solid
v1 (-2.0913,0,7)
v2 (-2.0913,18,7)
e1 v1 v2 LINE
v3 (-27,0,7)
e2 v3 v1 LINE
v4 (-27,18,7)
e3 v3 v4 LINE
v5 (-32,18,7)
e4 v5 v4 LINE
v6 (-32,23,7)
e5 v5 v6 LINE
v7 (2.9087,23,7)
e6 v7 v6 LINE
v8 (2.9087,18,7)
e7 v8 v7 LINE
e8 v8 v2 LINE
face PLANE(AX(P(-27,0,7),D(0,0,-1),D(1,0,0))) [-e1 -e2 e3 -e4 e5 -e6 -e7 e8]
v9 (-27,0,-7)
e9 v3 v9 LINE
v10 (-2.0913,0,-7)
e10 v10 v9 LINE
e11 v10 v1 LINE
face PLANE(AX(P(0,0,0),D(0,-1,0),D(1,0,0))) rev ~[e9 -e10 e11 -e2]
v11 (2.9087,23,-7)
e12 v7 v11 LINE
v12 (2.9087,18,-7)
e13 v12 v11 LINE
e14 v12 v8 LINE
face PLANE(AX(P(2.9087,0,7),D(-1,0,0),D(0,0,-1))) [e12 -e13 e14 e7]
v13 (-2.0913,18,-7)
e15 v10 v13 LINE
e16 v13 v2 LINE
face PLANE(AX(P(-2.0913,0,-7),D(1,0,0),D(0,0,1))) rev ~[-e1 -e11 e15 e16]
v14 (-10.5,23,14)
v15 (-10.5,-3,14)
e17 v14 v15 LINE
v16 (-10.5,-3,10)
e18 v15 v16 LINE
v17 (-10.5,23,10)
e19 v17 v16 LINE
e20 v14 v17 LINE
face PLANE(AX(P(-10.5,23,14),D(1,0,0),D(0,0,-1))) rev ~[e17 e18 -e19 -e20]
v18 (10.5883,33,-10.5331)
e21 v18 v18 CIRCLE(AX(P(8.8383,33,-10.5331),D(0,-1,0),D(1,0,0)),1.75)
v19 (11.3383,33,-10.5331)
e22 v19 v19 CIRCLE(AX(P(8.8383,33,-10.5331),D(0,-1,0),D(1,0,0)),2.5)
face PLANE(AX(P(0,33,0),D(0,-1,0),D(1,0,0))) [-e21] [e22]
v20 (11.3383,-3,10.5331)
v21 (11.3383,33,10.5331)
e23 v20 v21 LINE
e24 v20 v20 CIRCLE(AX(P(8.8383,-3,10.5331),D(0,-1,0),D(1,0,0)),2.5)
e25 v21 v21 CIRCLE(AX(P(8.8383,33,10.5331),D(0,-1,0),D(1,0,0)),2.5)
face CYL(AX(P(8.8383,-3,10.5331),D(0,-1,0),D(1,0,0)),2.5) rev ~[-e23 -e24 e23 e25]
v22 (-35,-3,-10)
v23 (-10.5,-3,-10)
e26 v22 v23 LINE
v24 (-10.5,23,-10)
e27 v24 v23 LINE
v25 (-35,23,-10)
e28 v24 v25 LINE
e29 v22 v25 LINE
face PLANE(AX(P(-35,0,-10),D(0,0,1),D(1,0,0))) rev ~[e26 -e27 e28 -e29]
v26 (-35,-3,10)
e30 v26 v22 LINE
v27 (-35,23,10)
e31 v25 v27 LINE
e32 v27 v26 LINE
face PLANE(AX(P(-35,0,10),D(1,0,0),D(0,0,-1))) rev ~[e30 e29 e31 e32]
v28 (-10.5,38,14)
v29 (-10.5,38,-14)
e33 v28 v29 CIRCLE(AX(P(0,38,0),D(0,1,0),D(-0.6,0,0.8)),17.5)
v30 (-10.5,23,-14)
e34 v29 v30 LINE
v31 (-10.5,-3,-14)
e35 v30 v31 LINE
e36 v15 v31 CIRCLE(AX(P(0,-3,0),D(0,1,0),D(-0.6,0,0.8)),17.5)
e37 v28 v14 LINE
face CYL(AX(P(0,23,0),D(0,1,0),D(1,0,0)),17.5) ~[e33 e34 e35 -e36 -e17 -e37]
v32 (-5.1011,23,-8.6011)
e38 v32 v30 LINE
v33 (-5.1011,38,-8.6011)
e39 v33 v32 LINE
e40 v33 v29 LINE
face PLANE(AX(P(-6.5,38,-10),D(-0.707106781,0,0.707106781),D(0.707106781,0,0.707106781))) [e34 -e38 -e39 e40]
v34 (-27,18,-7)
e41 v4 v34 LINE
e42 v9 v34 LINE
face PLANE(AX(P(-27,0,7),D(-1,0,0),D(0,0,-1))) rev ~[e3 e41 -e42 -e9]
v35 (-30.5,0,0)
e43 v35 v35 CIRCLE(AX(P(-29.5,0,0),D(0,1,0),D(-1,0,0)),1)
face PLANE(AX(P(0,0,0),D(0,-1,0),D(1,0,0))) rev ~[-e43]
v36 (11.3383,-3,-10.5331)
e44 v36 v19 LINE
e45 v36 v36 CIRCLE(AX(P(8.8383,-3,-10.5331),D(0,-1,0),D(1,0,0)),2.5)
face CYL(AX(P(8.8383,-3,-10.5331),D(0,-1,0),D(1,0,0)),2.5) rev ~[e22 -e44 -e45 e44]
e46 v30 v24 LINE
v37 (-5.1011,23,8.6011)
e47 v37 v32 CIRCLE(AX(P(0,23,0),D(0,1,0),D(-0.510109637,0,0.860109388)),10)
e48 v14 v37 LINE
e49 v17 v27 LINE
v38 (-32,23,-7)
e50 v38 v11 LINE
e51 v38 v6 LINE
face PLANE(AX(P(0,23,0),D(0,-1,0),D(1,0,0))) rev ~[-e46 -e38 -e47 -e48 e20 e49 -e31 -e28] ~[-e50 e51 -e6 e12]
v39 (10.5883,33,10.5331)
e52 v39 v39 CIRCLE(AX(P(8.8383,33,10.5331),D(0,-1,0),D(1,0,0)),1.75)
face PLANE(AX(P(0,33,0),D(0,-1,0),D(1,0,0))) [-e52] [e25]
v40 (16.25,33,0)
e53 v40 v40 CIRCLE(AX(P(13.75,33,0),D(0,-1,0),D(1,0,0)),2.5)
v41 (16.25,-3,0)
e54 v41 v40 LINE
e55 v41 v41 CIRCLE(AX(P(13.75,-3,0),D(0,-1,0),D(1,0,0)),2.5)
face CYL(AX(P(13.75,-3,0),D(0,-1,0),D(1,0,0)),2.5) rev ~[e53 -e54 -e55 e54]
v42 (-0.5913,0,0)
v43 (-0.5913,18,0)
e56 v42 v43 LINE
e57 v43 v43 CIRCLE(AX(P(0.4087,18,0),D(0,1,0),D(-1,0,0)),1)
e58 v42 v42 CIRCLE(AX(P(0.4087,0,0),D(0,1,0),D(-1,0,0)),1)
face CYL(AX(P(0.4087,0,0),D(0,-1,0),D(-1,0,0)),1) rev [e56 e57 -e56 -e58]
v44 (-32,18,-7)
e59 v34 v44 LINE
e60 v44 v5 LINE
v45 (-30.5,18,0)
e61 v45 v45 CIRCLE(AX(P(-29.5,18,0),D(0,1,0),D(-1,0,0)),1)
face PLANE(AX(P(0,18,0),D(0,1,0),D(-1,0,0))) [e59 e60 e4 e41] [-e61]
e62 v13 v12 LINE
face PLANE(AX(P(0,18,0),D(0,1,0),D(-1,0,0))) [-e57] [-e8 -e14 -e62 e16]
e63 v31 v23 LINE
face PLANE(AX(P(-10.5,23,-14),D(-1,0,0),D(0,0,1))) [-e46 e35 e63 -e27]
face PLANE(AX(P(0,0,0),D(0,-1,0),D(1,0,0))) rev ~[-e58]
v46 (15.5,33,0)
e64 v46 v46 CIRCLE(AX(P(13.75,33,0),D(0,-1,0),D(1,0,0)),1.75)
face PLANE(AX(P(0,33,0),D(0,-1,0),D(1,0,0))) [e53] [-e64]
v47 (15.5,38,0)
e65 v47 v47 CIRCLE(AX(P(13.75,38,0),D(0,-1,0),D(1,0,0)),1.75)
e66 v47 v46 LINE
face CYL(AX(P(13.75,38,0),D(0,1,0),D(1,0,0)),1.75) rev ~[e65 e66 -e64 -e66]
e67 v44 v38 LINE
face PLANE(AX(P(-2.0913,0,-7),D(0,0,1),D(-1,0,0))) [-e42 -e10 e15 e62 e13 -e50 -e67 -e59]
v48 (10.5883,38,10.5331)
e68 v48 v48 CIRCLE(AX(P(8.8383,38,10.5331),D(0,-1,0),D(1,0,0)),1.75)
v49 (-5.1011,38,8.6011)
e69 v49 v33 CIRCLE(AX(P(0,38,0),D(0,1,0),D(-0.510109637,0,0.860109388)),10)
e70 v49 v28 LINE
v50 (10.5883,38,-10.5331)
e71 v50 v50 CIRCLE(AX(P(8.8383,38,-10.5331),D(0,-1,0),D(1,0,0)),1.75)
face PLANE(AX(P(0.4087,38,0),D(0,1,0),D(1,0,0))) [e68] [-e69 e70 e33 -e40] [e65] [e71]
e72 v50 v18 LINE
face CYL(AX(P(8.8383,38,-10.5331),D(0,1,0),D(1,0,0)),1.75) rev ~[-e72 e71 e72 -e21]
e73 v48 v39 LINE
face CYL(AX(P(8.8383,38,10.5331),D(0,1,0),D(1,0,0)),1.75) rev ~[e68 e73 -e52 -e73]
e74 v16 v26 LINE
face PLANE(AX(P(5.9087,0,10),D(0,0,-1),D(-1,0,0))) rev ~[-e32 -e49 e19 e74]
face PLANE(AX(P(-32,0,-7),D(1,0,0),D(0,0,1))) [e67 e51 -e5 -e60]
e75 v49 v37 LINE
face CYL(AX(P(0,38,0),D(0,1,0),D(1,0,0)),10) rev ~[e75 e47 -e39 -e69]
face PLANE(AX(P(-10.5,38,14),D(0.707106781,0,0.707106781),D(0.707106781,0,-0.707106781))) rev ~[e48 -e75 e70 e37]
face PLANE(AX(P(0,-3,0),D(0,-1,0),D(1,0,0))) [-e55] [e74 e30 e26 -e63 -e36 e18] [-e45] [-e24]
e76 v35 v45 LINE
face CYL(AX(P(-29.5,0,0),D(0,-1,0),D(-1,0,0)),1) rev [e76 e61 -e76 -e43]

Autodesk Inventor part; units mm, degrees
ref_plane "YZ Plane" through (0, 0, 0) normal (1, 0, 0) x (0, 1, 0)
ref_plane "XZ Plane" through (0, 0, 0) normal (0, 1, 0) x (-1, 0, 0)
ref_plane "XY Plane" through (0, 0, 0) normal (0, 0, 1) x (1, 0, 0)
sketch "Boceto1" plane through (0, 0, 0) normal (0, 1, 0) x (-1, 0, 0)
  line L0 (8.5, 0) -> (21, 0) construction
  line L1 (21, -7) -> (2.0913, -7)
  line L2 (21, -7) -> (27, -7)
  line L3 (21, 7) -> (27, 7)
  line L4 (27, 7) -> (27, -7)
  line L5 (27, -7) -> (32, -7)
  line L6 (32, -7) -> (32, 7)
  line L7 (32, 7) -> (27, 7)
  circle A0 centre (29.5, 0) radius 1
  line L8 (2.0913, -7) -> (2.0913, 7)
  line L9 (2.0913, -7) -> (16.0913, -7) construction
  line L10 (2.0913, 7) -> (21.0913, 7)
  line L11 (2.0913, -7) -> (-2.9087, -7)
  line L12 (2.0913, -7) -> (7.0913, -7) construction
  line L13 (-2.9087, -7) -> (-2.9087, 7)
  line L14 (-2.9087, 7) -> (2.0913, 7)
  circle A1 centre (-0.4087, 0) radius 1
  line L15 (2.0913, -7) -> (2.0913, 7)
  point P0 (0, 0)
  point P1 (0, 0)
  point P2 (0, 0)
  point P3 (0, 0)
  dimension "d3" = 6
  dimension "d5" = 5
  dimension "d6" = 14
  dimension "d7" = 2
  dimension "d8" = 14
  dimension "d9" = 90
  dimension "d10" = 19
  dimension "d11" = 5
  dimension "d12" = 180
  dimension "d13" = 14
  dimension "d14" = 2
extrude "Extrusión1" add sketch "Boceto1" along normal blind 18 contours L11 L13 L14 L8 | L4 L7 L6 L5
sketch "Boceto2" plane through (0, 0, 0) normal (0, -1, 0) x (1, 0, 0)
  line L0 (2.9087, 10) -> (-32, 10)
  line L1 (-32, 10) -> (-35, 10)
  line L2 (-35, 10) -> (-35, -7)
  line L3 (-35, -7) -> (-35, -10)
  line L4 (-35, -10) -> (2.9087, -10)
  line L5 (2.9087, -10) -> (5.9087, -10)
  line L6 (5.9087, -10) -> (5.9087, 10)
  line L7 (5.9087, 10) -> (2.9087, 10)
  line L8 (-2.0913, -7) -> (-27, -7)
  line L9 (-27, 7) -> (-2.0913, 7)
  line L10 (-2.0913, 7) -> (2.9087, 7)
  line L11 (2.9087, 7) -> (2.9087, -7) projected
  line L12 (2.9087, 7) -> (2.9087, -7)
  line L13 (2.9087, -7) -> (-2.0913, -7) projected
  line L14 (2.9087, -7) -> (-2.0913, -7)
  line L15 (-32, 7) -> (-27, 7) projected
  line L16 (-27, 7) -> (-32, 7)
  line L17 (-32, -7) -> (-32, 7) projected
  line L18 (-32, 7) -> (-32, -7)
  line L19 (-27, -7) -> (-32, -7) projected
  line L20 (-32, -7) -> (-27, -7)
  point P0 (0, 0)
  dimension "d21" = 3
  dimension "d22" = 3
  dimension "d23" = 3
extrude "Extrusión2" add sketch "Boceto2" against normal blind 23
sketch "Boceto3" plane through (0, 0, 0) normal (0, -1, 0) x (1, 0, 0)
  line L0 (5.9087, 10) -> (-35, 10) projected
  line L1 (5.9087, 10) -> (-35, 10)
  line L2 (-35, 10) -> (-35, -10) projected
  line L3 (-35, 10) -> (-35, -10)
  line L4 (-35, -10) -> (5.9087, -10)
  line L5 (5.9087, -10) -> (5.9087, 10) projected
  line L6 (5.9087, -10) -> (5.9087, 10)
  point P0 (0, 0)
extrude "Extrusión3" add sketch "Boceto3" along normal blind 3
sketch "Boceto4" plane through (0, 23, 0) normal (0, 1, 0) x (1, 0, 0)
  circle A0 centre (0.4087, 0) radius 1 projected
  point P0 (0, 0)
extrude "Extrusión4" add sketch "Boceto4" along normal blind 15
sketch "Boceto5" plane through (0.4087, 38, 0) normal (0, 1, 0) x (1, 0, 0)
  circle A0 centre (-0.4087, 0) radius 10
  circle A1 centre (-0.4087, 0) radius 17.5
  line L0 (-35.4087, 10) -> (5.5, 10) projected
  line L1 (-35.4087, 10) -> (-35.4087, -10) projected
  line L2 (-35.4087, 10) -> (-35.4087, 14)
  line L3 (-35.4087, 14) -> (-10.9087, 14)
  line L4 (-10.9087, 14) -> (-5.5098, 8.6011)
  line L5 (-10.9087, 14) -> (-3.2735, 14) construction
  line L6 (5.5, -10) -> (-35.4087, -10) projected
  line L7 (-35.4087, -10) -> (-35.4087, -14)
  line L8 (-35.4087, -14) -> (-10.9087, -14)
  line L9 (-10.9087, -14) -> (-5.5098, -8.6011)
  line L10 (-10.9087, -14) -> (-3.2735, -14) construction
  dimension "d32" = 20
  dimension "d33" = 35
  dimension "d35" = 4
  dimension "d36" = 45
  dimension "d37" = 4
  dimension "d38" = 45
extrude "Extrusión5" add sketch "Boceto5" against normal blind 15 contours L4 L0 A0 | A0 L6 L9 | L0 L4 A1 L9 L6 A0 picked at (-3.4554, 12.4332)
sketch "Boceto6" plane through (0.4087, 38, 0) normal (0, 1, 0) x (1, 0, 0)
  circle A0 centre (0, 0) radius 1 projected
  circle A1 centre (0, 0) radius 1
  point P0 (-0.4087, 0)
extrude "Extrusión6" cut sketch "Boceto6" against normal blind 15
sketch "Boceto7" plane through (0.4087, 23, 0) normal (0, -1, 0) x (1, 0, 0)
  circle A0 centre (-0.4087, 0) radius 17.5
  circle A1 centre (-0.4087, 0) radius 10
  line L0 (5.5, 8.0677) -> (5.5, -8.0677) projected
  arc A2 (-0.4087, -10) -> (5.5, -8.0677) centre (-0.4087, 0) ccw projected
  line L1 (5.5, 8.0677) -> (5.5, 10)
  line L2 (-35.4087, 10) -> (-6.9087, 10) projected
  line L3 (5.5, 10) -> (-6.9087, 10)
  line L4 (5.5, -8.0677) -> (5.5, -10) projected
  line L5 (5.5, -8.0677) -> (5.5, -10)
  line L6 (-0.4087, -10) -> (-6.9087, -10) projected
  line L7 (5.5, -10) -> (-6.9087, -10)
  arc A3 (-10.9087, -14) -> (-10.9087, 14) centre (-0.4087, 0) ccw projected
  line L8 (-10.9087, 14) -> (-10.9087, 10)
  line L9 (5.5, 10) -> (-35.4087, 10) projected
  line L10 (-10.9087, -14) -> (-10.9087, -10)
  line L11 (-10.9087, -10) -> (-6.9087, -10)
  line L12 (-6.9087, -10) -> (-35.4087, -10) projected
  dimension "d43" = 20
extrude "Extrusión7" add sketch "Boceto7" along normal blind 26 contours A0 L10 L11 L6 L7 L4 A1 L1 L3 L2 L8 | A1 L0 picked at (8.0064, 0)
sketch "Boceto8" plane through (0.4087, 38, 0) normal (0, 1, 0) x (1, 0, 0)
  line L0 (-0.4087, 0) -> (13.3413, 0)
  line L1 (-0.4087, 0) -> (8.4296, -10.5331)
  line L2 (-0.4087, 0) -> (13.3413, 0) construction
  line L3 (-0.4087, 0) -> (8.4296, 10.5331)
  line L4 (-0.4087, 0) -> (13.3413, 0) construction
  circle A0 centre (13.3413, 0) radius 1.75
  circle A1 centre (8.4296, -10.5331) radius 1.75
  circle A2 centre (8.4296, 10.5331) radius 1.75
  dimension "d46" = 13.75
  dimension "d47" = 13.75
  dimension "d48" = 50
  dimension "d49" = 13.75
  dimension "d50" = 50
  dimension "d51" = 3.5
  dimension "d52" = 3.5
  dimension "d53" = 3.5
extrude "Extrusión8" cut sketch "Boceto8" against normal blind 41
sketch "Boceto9" plane through (0, -3, 0) normal (0, -1, 0) x (1, 0, 0)
  circle A0 centre (8.8383, 10.5331) radius 1.75 projected
  circle A1 centre (8.8383, 10.5331) radius 2.5
  circle A2 centre (13.75, 0) radius 1.75 projected
  circle A3 centre (13.75, 0) radius 2.5
  circle A4 centre (8.8383, -10.5331) radius 1.75 projected
  circle A5 centre (8.8383, -10.5331) radius 2.5
  point P0 (0, 0)
  dimension "d56" = 5
  dimension "d57" = 5
  dimension "d58" = 5
extrude "Extrusión9" cut sketch "Boceto9" against normal blind 36
properties part number "enganche_servo"
